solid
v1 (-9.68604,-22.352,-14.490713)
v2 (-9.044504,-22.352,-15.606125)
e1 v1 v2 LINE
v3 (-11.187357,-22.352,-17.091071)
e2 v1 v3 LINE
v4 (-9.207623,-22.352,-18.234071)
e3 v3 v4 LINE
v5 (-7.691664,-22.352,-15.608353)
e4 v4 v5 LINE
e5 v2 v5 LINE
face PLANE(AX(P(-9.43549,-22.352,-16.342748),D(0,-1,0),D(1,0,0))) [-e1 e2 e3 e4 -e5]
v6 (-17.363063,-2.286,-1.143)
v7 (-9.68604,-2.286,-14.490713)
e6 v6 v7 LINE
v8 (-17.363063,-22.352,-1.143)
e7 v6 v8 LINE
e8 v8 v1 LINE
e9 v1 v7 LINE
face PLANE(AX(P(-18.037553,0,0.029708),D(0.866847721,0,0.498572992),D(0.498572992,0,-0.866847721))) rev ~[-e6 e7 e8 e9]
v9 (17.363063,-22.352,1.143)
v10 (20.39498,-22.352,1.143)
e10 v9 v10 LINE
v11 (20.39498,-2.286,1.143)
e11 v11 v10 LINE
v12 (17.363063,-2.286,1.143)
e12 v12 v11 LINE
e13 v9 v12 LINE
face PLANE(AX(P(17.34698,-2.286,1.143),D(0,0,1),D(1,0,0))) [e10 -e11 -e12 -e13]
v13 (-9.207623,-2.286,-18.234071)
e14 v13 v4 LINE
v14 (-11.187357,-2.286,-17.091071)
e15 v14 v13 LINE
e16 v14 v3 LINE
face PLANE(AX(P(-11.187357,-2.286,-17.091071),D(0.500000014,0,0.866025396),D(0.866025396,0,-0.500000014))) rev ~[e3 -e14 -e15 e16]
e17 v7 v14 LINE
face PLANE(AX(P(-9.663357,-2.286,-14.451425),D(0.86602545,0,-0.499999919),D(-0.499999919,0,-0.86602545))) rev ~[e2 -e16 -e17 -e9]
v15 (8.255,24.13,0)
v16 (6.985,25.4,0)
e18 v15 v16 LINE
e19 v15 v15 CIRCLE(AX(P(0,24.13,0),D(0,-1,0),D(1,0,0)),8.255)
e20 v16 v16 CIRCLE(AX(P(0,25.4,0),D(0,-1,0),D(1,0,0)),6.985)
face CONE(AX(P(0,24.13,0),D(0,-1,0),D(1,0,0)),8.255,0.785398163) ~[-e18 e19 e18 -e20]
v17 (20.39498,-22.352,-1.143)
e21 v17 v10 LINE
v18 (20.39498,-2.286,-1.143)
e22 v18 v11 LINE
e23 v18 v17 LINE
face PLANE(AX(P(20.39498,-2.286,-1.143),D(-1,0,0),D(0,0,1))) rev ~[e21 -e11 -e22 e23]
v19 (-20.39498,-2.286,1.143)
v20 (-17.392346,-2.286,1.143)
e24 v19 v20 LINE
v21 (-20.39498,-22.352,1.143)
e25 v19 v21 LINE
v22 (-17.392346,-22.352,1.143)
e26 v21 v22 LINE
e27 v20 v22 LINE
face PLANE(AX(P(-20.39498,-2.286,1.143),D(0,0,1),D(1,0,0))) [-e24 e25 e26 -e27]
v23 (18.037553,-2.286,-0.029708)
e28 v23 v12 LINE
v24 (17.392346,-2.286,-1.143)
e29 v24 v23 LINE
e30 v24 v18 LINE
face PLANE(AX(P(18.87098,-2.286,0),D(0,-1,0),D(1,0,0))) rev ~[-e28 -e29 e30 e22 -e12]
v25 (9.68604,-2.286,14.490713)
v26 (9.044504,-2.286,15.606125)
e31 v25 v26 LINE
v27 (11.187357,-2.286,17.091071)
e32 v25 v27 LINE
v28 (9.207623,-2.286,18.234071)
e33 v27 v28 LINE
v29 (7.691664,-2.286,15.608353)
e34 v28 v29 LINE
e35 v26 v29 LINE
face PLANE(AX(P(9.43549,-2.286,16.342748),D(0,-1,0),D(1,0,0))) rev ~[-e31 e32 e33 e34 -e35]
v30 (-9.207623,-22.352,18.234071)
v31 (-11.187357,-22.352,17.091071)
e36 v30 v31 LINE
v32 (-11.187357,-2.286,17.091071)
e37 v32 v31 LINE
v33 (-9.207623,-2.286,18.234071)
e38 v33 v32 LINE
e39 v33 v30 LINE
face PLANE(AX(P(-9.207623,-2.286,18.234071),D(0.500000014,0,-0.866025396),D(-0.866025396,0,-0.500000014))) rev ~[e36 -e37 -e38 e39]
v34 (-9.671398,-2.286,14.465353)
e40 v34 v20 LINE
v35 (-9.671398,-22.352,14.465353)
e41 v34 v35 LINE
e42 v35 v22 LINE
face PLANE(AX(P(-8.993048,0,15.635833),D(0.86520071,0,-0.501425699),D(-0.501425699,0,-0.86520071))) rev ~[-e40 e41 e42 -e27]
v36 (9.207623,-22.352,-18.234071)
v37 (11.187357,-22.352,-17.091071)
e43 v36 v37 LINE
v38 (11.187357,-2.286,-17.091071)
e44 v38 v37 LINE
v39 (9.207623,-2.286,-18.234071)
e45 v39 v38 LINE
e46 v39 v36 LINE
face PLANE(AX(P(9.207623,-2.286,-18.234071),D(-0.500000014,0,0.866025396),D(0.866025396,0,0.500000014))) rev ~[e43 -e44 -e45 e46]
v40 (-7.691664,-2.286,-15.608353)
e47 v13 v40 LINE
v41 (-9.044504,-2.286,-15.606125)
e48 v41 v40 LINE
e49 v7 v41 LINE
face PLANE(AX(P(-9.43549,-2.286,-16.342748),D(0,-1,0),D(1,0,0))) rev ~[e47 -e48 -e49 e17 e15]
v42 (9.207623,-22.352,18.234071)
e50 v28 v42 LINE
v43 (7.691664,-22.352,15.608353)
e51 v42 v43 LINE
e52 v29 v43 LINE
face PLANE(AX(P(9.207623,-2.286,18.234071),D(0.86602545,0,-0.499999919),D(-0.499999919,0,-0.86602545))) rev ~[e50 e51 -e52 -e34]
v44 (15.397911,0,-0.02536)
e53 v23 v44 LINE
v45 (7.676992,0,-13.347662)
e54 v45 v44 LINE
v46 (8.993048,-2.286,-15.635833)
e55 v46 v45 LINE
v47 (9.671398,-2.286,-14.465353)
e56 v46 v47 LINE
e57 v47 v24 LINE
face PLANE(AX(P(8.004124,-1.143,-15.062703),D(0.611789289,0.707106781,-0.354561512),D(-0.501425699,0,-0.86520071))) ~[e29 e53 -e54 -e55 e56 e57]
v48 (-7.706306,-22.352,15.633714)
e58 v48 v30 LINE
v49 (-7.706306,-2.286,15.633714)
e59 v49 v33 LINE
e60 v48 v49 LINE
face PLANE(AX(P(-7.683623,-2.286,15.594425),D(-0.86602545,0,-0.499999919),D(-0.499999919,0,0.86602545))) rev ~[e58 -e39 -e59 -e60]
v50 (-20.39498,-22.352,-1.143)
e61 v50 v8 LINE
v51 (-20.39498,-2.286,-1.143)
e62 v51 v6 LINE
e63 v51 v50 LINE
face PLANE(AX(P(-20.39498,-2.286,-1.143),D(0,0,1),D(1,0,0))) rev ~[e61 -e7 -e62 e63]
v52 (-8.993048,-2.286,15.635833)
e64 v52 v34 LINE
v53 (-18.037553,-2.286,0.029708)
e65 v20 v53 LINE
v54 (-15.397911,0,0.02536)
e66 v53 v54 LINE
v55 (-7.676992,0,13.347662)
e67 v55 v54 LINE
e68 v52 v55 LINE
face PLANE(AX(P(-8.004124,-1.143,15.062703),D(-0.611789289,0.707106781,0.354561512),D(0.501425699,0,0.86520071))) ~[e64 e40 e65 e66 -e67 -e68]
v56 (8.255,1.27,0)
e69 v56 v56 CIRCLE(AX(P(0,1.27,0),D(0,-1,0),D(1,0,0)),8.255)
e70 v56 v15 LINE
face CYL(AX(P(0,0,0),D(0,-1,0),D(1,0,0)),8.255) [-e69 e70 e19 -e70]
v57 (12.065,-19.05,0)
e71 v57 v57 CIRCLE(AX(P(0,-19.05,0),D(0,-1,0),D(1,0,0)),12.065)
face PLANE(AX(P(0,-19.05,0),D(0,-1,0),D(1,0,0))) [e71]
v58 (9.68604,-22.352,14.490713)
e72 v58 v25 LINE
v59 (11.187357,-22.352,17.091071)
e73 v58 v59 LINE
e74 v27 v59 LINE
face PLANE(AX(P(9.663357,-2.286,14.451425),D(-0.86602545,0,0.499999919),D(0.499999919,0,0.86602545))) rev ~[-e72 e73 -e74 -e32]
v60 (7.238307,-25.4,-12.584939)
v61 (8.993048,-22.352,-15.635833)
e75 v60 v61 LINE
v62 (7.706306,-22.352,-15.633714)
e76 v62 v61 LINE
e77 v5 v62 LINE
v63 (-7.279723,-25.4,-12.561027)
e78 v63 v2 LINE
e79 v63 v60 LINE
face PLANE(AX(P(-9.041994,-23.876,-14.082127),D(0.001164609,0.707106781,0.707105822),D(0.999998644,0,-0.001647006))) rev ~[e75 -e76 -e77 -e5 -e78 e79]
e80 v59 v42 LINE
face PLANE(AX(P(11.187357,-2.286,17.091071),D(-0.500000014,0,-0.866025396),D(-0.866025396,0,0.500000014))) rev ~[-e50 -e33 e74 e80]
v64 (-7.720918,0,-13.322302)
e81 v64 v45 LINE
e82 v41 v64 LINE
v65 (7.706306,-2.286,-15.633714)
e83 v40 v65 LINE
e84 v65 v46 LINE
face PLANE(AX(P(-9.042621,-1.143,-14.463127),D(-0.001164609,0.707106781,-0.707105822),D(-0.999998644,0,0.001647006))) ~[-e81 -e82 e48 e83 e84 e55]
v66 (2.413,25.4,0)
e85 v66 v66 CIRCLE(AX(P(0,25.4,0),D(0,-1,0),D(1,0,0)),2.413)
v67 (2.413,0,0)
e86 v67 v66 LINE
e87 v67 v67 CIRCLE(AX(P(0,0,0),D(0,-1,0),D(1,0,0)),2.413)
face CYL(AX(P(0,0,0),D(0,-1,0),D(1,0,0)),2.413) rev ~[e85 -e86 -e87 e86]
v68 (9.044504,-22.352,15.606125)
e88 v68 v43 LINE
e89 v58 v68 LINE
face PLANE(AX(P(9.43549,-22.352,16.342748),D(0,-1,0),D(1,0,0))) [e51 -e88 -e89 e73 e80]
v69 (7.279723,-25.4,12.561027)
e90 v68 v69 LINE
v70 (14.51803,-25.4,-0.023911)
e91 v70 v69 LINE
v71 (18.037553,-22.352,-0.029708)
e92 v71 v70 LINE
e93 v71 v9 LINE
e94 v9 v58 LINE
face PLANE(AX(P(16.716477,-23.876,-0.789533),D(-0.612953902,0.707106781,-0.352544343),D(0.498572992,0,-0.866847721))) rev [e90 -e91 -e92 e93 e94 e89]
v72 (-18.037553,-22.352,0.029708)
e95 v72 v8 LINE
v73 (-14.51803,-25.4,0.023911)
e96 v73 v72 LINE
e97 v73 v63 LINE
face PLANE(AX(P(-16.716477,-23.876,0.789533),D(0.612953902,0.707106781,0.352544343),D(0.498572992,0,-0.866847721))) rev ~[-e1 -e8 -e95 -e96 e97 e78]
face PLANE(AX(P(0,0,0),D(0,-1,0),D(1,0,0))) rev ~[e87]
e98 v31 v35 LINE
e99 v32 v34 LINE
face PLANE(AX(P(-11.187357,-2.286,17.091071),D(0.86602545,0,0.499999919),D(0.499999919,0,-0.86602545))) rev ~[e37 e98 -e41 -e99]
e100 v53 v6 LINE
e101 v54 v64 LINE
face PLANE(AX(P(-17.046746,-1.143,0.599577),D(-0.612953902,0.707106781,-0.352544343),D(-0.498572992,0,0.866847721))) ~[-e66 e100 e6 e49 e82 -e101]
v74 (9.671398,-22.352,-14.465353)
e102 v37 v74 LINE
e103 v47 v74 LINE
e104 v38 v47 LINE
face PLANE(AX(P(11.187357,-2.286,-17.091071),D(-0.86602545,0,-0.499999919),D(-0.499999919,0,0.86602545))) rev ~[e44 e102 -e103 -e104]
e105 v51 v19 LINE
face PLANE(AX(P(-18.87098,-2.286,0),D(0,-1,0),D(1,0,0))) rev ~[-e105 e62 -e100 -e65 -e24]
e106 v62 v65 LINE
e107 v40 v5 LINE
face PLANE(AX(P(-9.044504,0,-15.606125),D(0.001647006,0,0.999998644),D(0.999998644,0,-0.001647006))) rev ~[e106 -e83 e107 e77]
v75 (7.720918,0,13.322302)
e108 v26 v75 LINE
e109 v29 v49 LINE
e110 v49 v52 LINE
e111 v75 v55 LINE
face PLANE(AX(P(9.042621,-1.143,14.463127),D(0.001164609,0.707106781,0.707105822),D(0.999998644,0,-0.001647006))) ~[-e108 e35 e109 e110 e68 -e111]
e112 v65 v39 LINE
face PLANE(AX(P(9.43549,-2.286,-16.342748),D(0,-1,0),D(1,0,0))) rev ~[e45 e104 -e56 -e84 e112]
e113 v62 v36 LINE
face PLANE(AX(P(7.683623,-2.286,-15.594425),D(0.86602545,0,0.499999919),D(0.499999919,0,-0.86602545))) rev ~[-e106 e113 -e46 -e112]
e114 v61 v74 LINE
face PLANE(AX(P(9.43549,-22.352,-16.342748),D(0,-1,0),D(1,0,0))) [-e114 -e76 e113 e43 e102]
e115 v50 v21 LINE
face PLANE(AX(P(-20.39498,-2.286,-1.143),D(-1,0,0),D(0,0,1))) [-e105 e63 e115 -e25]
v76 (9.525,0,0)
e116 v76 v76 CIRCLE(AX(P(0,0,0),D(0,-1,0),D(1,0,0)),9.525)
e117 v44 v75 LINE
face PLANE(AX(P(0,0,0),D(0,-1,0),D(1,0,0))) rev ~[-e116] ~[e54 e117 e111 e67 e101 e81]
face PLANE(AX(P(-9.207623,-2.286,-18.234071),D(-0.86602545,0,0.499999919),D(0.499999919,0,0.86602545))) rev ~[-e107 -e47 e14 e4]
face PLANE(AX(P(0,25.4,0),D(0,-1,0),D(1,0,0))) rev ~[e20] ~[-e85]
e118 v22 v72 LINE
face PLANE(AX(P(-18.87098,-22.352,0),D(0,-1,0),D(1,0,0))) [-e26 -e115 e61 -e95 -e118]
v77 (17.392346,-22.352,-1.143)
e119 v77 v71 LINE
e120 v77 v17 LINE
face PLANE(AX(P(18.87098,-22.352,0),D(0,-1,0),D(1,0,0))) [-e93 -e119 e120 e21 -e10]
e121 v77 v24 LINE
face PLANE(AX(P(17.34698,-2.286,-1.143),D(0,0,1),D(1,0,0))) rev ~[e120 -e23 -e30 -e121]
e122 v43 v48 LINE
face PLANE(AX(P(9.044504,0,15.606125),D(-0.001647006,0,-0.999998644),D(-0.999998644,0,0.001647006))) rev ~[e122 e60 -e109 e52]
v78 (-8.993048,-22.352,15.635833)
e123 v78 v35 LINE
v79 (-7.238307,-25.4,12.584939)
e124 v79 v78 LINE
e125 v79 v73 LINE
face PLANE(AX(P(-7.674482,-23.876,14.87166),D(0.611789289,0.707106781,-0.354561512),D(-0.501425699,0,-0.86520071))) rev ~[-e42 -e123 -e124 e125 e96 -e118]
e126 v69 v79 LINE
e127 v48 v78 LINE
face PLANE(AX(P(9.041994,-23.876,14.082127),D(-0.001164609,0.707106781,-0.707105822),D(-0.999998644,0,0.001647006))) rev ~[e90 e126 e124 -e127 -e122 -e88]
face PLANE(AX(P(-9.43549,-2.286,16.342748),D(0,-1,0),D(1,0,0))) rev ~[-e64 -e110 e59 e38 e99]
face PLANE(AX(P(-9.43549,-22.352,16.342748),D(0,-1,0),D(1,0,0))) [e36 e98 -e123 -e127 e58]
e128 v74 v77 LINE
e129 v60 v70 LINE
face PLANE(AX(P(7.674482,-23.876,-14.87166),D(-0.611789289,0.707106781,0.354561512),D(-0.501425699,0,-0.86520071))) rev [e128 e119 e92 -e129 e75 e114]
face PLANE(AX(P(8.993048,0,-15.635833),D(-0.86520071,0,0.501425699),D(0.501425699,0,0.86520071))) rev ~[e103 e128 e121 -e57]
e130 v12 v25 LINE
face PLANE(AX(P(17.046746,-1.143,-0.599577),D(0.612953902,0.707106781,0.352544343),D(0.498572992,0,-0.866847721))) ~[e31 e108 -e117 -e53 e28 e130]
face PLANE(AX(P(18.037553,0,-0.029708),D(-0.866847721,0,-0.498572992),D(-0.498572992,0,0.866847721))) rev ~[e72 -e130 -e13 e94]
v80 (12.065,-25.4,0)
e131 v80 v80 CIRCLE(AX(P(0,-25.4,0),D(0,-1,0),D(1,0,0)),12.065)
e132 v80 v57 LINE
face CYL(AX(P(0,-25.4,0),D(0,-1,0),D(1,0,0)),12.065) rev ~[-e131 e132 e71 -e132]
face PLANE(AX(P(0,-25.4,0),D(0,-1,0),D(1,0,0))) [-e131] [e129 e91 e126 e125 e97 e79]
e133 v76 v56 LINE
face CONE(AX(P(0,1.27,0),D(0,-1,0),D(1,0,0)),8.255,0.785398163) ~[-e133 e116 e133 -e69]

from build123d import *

# Parameters (mm, degrees)
F1_DEPTH  = 25.4
F4_SIZE   = 2.286
F5_SIZE   = 3.048
F3_W      = 3.048
F3_H      = 2.286
F6_DEPTH  = 20.066
F7_R      = 8.255
F9_DEPTH  = 25.4
F8_R      = 2.413
F10_DEPTH = 25.4
F11_SIZE  = 1.27
F13_R     = 12.065
F14_DEPTH = 6.35


with BuildPart() as f1:
    # F0 (on Front) → F1 (new body)
    with BuildSketch(Plane.XZ):
        Polygon((18.037553, -0.029708), (9.044504, 15.606125), (-8.993048, 15.635833), (-18.037553, 0.029708), (-9.044504, -15.606125), (8.993048, -15.635833), align=None)
    extrude(amount=F1_DEPTH)

    # F4
    f4_edges = [f1.edges().sort_by_distance(p)[0] for p in [
        (13.541028, 0, 7.788208),
        (0.025728, 0, 15.620979),
        (-13.515301, 0, 7.83277),
        (-13.541028, 0, -7.788208),
        (-0.025728, 0, -15.620979),
        (13.515301, 0, -7.83277),
    ]]
    chamfer(f4_edges, length=F4_SIZE)

    # F5
    f5_edges = [f1.edges().sort_by_distance(p)[0] for p in [
        (13.541028, -25.4, 7.788208),
        (0.025728, -25.4, 15.620979),
        (-13.515301, -25.4, 7.83277),
        (-13.541028, -25.4, -7.788208),
        (-0.025728, -25.4, -15.620979),
        (13.515301, -25.4, -7.83277),
    ]]
    chamfer(f5_edges, length=F5_SIZE)

    # F3 (on offset) → F6 (join)
    with BuildSketch(Plane.XZ.offset(2.286)):
        with Locations((18.87098, 0)):
            Rectangle(F3_W, F3_H)
        Polygon((9.207623, 18.234071), (7.683623, 15.594425), (9.663357, 14.451425), (11.187357, 17.091071), align=None)
        Polygon((-11.187357, 17.091071), (-9.663357, 14.451425), (-7.683623, 15.594425), (-9.207623, 18.234071), align=None)
        with Locations((-18.87098, 0)):
            Rectangle(F3_W, F3_H)
        Polygon((-9.207623, -18.234071), (-7.683623, -15.594425), (-9.663357, -14.451425), (-11.187357, -17.091071), align=None)
        Polygon((11.187357, -17.091071), (9.663357, -14.451425), (7.683623, -15.594425), (9.207623, -18.234071), align=None)
    extrude(amount=F6_DEPTH)

    # F7 (on Front) → F9 (join)
    with BuildSketch(Plane.XZ):
        Circle(F7_R)
    extrude(amount=-F9_DEPTH)

    # F8 (on Front) → F10 (cut)
    with BuildSketch(Plane.XZ):
        Circle(F8_R)
    extrude(amount=-F10_DEPTH, mode=Mode.SUBTRACT)

    # F11
    f11_edges = [f1.edges().sort_by_distance(p)[0] for p in [
        (8.255, 12.7, 0),
        (-8.255, 0, 0),
        (-8.255, 25.4, 0),
    ]]
    chamfer(f11_edges, length=F11_SIZE)

    # F13 (on offset) → F14 (cut)
    with BuildSketch(Plane.XZ.offset(25.4)):
        Circle(F13_R)
    extrude(amount=-F14_DEPTH, mode=Mode.SUBTRACT)


solid = f1.part
